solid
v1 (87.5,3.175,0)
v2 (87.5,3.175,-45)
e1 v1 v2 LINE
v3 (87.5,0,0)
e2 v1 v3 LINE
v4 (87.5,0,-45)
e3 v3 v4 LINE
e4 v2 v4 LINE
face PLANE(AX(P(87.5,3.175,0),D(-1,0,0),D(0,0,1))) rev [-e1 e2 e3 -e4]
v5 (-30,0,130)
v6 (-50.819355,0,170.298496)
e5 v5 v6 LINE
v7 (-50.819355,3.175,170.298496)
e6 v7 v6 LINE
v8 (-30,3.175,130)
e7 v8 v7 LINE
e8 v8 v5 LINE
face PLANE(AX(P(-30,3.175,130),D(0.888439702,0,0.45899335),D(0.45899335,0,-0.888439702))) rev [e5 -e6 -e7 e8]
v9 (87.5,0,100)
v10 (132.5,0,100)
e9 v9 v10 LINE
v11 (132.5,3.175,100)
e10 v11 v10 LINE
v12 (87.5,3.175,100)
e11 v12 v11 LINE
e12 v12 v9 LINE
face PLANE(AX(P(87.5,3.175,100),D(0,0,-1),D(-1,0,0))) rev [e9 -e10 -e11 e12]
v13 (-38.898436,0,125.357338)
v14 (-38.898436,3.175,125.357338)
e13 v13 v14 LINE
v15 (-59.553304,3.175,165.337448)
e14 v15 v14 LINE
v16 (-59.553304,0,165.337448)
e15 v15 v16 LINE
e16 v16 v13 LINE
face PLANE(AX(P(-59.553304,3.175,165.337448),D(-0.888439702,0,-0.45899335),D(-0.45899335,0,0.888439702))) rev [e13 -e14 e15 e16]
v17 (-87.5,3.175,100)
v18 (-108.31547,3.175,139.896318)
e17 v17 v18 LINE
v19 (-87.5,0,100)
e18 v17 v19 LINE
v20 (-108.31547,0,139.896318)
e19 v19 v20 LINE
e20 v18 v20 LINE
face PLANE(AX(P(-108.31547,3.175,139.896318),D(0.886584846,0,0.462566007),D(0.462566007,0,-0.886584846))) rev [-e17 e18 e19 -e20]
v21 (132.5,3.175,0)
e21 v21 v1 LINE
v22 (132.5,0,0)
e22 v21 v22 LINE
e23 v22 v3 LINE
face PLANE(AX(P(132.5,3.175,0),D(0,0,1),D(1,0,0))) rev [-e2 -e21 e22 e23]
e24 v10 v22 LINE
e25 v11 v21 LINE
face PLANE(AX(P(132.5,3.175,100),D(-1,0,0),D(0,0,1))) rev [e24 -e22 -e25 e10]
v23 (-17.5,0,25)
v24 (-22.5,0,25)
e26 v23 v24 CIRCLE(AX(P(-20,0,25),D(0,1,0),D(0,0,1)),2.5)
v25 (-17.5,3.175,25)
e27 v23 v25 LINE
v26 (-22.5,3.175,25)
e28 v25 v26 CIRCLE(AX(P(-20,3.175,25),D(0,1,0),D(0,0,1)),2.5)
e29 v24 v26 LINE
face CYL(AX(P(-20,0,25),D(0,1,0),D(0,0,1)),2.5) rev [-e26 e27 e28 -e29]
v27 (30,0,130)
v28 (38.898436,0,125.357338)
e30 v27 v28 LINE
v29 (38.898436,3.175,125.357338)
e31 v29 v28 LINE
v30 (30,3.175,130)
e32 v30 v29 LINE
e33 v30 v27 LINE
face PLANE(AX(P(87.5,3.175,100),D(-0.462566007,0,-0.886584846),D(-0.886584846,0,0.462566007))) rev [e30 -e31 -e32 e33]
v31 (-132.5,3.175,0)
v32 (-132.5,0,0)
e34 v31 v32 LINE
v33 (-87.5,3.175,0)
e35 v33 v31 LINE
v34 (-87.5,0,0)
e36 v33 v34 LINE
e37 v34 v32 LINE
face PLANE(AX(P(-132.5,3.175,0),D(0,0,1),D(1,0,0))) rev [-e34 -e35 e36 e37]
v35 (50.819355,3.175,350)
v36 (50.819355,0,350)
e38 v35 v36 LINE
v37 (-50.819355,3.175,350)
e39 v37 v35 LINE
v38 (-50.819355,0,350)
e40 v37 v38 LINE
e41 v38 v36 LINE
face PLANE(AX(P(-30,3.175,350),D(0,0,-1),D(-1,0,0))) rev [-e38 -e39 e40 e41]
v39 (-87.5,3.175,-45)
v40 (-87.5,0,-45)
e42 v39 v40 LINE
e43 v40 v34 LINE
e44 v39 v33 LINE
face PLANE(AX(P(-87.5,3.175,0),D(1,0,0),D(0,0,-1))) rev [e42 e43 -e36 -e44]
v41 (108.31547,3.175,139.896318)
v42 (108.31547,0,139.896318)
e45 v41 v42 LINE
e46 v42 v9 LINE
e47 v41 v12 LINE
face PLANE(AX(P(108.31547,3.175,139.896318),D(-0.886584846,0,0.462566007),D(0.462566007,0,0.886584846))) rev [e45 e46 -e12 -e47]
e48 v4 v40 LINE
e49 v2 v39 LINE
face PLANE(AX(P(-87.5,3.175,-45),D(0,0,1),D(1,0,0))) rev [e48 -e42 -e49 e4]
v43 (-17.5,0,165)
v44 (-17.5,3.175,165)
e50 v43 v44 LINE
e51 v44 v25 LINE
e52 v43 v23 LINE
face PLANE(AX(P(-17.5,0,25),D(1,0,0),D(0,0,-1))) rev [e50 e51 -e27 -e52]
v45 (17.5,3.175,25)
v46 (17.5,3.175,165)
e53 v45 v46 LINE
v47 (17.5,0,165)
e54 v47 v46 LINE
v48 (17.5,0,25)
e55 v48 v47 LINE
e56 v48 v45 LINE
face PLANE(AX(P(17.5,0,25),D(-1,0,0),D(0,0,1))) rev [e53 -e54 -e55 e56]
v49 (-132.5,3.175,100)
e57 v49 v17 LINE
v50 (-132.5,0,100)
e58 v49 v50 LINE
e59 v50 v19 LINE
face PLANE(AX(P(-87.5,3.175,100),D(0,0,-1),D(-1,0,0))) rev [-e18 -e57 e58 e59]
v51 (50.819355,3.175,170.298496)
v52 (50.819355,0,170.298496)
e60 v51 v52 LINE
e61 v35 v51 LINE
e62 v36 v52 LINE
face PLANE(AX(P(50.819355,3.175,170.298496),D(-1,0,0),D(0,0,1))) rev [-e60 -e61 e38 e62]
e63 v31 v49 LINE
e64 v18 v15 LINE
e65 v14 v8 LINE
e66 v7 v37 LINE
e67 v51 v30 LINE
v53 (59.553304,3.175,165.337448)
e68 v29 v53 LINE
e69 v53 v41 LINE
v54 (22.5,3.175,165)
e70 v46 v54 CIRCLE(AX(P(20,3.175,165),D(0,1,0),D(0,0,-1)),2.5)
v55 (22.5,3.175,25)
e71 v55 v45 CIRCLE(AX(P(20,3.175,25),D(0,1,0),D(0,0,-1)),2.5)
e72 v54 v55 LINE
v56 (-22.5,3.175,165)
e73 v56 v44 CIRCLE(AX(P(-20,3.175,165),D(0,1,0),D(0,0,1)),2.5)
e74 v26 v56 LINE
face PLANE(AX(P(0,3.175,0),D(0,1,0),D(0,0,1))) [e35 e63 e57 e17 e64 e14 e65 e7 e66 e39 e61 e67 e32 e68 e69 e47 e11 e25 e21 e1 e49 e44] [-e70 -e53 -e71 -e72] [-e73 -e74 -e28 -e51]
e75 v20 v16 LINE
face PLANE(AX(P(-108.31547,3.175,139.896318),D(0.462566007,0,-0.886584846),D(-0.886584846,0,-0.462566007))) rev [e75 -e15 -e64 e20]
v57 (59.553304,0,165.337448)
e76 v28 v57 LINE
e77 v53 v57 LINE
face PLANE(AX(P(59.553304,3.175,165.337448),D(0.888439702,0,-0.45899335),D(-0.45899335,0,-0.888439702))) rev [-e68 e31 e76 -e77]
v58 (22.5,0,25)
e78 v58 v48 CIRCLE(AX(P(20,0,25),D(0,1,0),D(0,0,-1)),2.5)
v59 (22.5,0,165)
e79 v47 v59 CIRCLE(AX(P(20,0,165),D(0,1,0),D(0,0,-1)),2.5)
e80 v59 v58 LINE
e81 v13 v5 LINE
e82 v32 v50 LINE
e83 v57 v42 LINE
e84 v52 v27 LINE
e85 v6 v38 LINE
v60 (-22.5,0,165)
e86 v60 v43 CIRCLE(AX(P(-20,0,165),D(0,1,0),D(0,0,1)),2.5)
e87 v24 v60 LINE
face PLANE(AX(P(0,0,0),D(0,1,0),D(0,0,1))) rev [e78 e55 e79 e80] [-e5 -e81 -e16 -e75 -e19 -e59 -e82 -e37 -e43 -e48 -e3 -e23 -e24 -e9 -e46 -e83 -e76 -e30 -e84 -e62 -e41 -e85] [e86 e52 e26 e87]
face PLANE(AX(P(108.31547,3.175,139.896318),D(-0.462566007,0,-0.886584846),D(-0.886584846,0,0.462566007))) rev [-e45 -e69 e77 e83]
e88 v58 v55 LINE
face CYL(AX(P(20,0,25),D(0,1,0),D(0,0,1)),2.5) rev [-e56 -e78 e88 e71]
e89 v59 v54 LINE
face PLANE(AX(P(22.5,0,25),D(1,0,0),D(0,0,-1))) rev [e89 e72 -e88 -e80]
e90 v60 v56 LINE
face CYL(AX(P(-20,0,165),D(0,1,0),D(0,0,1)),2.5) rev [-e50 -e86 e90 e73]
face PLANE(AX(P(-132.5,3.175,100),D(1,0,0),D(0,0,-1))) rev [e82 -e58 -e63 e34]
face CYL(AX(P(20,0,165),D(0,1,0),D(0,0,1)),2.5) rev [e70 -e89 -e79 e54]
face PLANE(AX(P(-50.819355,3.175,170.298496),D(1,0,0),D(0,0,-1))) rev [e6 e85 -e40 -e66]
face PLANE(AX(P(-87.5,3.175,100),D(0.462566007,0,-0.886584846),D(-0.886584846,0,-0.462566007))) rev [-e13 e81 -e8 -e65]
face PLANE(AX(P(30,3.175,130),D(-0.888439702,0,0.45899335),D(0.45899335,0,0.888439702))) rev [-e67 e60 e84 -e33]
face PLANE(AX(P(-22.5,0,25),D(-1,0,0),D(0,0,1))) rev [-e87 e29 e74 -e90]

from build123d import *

# Parameters (mm, degrees)
BASE_DEPTH          = 3.175
SKETCH2_W           = 175
SKETCH2_H           = 45
BOSS_EXTRUDE2_DEPTH = 3.175
SKETCH3_W           = 45
SKETCH3_H           = 100
BOSS_EXTRUDE3_DEPTH = 3.175
CUT_EXTRUDE1_DEPTH  = 375.254366207


with BuildPart() as part:
    # Sketch1 → Base (new body)
    with BuildSketch(Plane(origin=(0, 0, 0), x_dir=(1, 0, 0), z_dir=(0, 1, 0))):
        Polygon((87.5, 0), (-87.5, 0), (-87.5, -100), (-30, -130), (-30, -350), (30, -350), (30, -130), (87.5, -100), align=None)
    extrude(amount=BASE_DEPTH)

    # Sketch2 → Boss-Extrude2 (add)
    with BuildSketch(Plane(origin=(0, 0, 0), x_dir=(1, 0, 0), z_dir=(0, 1, 0))):
        with Locations((0, 22.5)):
            Rectangle(SKETCH2_W, SKETCH2_H)
        Polygon((-108.315470301, -139.896318077), (-87.5, -100), (-38.733948559, -125.03895229), (-59.553303762, -165.337448446), align=None)
        Polygon((108.315470301, -139.896318077), (59.553303762, -165.337448446), (38.733948559, -125.03895229), (87.5, -100), align=None)
        Polygon((-30, -130), (-50.819355203, -170.298496155), (-50.819355203, -350), (-30, -350), align=None)
        Polygon((50.819355203, -170.298496155), (50.819355203, -350), (30, -350), (30, -130), align=None)
    extrude(amount=BOSS_EXTRUDE2_DEPTH)

    # Sketch3 → Boss-Extrude3 (add)
    with BuildSketch(Plane(origin=(0, 0, 0), x_dir=(1, 0, 0), z_dir=(0, 1, 0))):
        with Locations((-110, -50)):
            Rectangle(SKETCH3_W, SKETCH3_H)
        with Locations((110, -50)):
            Rectangle(SKETCH3_W, SKETCH3_H)
    extrude(amount=BOSS_EXTRUDE3_DEPTH)

    # Sketch4 → Cut-Extrude1 (cut, through all)
    with BuildSketch(Plane(origin=(0, 3.175, 0), x_dir=(1, 0, 0), z_dir=(0, 1, 0))):
        with BuildLine():
            Line((-17.5, -25), (-17.5, -165))
            ThreePointArc((-17.5, -165), (-20, -167.5), (-22.5, -165))
            Line((-22.5, -165), (-22.5, -25))
            ThreePointArc((-22.5, -25), (-20, -22.5), (-17.5, -25))
        make_face()
        with BuildLine():
            Line((17.5, -25), (17.5, -165))
            ThreePointArc((17.5, -165), (20, -167.5), (22.5, -165))
            Line((22.5, -165), (22.5, -25))
            ThreePointArc((22.5, -25), (20, -22.5), (17.5, -25))
        make_face()
    extrude(amount=-CUT_EXTRUDE1_DEPTH, mode=Mode.SUBTRACT)


solid = part.part
